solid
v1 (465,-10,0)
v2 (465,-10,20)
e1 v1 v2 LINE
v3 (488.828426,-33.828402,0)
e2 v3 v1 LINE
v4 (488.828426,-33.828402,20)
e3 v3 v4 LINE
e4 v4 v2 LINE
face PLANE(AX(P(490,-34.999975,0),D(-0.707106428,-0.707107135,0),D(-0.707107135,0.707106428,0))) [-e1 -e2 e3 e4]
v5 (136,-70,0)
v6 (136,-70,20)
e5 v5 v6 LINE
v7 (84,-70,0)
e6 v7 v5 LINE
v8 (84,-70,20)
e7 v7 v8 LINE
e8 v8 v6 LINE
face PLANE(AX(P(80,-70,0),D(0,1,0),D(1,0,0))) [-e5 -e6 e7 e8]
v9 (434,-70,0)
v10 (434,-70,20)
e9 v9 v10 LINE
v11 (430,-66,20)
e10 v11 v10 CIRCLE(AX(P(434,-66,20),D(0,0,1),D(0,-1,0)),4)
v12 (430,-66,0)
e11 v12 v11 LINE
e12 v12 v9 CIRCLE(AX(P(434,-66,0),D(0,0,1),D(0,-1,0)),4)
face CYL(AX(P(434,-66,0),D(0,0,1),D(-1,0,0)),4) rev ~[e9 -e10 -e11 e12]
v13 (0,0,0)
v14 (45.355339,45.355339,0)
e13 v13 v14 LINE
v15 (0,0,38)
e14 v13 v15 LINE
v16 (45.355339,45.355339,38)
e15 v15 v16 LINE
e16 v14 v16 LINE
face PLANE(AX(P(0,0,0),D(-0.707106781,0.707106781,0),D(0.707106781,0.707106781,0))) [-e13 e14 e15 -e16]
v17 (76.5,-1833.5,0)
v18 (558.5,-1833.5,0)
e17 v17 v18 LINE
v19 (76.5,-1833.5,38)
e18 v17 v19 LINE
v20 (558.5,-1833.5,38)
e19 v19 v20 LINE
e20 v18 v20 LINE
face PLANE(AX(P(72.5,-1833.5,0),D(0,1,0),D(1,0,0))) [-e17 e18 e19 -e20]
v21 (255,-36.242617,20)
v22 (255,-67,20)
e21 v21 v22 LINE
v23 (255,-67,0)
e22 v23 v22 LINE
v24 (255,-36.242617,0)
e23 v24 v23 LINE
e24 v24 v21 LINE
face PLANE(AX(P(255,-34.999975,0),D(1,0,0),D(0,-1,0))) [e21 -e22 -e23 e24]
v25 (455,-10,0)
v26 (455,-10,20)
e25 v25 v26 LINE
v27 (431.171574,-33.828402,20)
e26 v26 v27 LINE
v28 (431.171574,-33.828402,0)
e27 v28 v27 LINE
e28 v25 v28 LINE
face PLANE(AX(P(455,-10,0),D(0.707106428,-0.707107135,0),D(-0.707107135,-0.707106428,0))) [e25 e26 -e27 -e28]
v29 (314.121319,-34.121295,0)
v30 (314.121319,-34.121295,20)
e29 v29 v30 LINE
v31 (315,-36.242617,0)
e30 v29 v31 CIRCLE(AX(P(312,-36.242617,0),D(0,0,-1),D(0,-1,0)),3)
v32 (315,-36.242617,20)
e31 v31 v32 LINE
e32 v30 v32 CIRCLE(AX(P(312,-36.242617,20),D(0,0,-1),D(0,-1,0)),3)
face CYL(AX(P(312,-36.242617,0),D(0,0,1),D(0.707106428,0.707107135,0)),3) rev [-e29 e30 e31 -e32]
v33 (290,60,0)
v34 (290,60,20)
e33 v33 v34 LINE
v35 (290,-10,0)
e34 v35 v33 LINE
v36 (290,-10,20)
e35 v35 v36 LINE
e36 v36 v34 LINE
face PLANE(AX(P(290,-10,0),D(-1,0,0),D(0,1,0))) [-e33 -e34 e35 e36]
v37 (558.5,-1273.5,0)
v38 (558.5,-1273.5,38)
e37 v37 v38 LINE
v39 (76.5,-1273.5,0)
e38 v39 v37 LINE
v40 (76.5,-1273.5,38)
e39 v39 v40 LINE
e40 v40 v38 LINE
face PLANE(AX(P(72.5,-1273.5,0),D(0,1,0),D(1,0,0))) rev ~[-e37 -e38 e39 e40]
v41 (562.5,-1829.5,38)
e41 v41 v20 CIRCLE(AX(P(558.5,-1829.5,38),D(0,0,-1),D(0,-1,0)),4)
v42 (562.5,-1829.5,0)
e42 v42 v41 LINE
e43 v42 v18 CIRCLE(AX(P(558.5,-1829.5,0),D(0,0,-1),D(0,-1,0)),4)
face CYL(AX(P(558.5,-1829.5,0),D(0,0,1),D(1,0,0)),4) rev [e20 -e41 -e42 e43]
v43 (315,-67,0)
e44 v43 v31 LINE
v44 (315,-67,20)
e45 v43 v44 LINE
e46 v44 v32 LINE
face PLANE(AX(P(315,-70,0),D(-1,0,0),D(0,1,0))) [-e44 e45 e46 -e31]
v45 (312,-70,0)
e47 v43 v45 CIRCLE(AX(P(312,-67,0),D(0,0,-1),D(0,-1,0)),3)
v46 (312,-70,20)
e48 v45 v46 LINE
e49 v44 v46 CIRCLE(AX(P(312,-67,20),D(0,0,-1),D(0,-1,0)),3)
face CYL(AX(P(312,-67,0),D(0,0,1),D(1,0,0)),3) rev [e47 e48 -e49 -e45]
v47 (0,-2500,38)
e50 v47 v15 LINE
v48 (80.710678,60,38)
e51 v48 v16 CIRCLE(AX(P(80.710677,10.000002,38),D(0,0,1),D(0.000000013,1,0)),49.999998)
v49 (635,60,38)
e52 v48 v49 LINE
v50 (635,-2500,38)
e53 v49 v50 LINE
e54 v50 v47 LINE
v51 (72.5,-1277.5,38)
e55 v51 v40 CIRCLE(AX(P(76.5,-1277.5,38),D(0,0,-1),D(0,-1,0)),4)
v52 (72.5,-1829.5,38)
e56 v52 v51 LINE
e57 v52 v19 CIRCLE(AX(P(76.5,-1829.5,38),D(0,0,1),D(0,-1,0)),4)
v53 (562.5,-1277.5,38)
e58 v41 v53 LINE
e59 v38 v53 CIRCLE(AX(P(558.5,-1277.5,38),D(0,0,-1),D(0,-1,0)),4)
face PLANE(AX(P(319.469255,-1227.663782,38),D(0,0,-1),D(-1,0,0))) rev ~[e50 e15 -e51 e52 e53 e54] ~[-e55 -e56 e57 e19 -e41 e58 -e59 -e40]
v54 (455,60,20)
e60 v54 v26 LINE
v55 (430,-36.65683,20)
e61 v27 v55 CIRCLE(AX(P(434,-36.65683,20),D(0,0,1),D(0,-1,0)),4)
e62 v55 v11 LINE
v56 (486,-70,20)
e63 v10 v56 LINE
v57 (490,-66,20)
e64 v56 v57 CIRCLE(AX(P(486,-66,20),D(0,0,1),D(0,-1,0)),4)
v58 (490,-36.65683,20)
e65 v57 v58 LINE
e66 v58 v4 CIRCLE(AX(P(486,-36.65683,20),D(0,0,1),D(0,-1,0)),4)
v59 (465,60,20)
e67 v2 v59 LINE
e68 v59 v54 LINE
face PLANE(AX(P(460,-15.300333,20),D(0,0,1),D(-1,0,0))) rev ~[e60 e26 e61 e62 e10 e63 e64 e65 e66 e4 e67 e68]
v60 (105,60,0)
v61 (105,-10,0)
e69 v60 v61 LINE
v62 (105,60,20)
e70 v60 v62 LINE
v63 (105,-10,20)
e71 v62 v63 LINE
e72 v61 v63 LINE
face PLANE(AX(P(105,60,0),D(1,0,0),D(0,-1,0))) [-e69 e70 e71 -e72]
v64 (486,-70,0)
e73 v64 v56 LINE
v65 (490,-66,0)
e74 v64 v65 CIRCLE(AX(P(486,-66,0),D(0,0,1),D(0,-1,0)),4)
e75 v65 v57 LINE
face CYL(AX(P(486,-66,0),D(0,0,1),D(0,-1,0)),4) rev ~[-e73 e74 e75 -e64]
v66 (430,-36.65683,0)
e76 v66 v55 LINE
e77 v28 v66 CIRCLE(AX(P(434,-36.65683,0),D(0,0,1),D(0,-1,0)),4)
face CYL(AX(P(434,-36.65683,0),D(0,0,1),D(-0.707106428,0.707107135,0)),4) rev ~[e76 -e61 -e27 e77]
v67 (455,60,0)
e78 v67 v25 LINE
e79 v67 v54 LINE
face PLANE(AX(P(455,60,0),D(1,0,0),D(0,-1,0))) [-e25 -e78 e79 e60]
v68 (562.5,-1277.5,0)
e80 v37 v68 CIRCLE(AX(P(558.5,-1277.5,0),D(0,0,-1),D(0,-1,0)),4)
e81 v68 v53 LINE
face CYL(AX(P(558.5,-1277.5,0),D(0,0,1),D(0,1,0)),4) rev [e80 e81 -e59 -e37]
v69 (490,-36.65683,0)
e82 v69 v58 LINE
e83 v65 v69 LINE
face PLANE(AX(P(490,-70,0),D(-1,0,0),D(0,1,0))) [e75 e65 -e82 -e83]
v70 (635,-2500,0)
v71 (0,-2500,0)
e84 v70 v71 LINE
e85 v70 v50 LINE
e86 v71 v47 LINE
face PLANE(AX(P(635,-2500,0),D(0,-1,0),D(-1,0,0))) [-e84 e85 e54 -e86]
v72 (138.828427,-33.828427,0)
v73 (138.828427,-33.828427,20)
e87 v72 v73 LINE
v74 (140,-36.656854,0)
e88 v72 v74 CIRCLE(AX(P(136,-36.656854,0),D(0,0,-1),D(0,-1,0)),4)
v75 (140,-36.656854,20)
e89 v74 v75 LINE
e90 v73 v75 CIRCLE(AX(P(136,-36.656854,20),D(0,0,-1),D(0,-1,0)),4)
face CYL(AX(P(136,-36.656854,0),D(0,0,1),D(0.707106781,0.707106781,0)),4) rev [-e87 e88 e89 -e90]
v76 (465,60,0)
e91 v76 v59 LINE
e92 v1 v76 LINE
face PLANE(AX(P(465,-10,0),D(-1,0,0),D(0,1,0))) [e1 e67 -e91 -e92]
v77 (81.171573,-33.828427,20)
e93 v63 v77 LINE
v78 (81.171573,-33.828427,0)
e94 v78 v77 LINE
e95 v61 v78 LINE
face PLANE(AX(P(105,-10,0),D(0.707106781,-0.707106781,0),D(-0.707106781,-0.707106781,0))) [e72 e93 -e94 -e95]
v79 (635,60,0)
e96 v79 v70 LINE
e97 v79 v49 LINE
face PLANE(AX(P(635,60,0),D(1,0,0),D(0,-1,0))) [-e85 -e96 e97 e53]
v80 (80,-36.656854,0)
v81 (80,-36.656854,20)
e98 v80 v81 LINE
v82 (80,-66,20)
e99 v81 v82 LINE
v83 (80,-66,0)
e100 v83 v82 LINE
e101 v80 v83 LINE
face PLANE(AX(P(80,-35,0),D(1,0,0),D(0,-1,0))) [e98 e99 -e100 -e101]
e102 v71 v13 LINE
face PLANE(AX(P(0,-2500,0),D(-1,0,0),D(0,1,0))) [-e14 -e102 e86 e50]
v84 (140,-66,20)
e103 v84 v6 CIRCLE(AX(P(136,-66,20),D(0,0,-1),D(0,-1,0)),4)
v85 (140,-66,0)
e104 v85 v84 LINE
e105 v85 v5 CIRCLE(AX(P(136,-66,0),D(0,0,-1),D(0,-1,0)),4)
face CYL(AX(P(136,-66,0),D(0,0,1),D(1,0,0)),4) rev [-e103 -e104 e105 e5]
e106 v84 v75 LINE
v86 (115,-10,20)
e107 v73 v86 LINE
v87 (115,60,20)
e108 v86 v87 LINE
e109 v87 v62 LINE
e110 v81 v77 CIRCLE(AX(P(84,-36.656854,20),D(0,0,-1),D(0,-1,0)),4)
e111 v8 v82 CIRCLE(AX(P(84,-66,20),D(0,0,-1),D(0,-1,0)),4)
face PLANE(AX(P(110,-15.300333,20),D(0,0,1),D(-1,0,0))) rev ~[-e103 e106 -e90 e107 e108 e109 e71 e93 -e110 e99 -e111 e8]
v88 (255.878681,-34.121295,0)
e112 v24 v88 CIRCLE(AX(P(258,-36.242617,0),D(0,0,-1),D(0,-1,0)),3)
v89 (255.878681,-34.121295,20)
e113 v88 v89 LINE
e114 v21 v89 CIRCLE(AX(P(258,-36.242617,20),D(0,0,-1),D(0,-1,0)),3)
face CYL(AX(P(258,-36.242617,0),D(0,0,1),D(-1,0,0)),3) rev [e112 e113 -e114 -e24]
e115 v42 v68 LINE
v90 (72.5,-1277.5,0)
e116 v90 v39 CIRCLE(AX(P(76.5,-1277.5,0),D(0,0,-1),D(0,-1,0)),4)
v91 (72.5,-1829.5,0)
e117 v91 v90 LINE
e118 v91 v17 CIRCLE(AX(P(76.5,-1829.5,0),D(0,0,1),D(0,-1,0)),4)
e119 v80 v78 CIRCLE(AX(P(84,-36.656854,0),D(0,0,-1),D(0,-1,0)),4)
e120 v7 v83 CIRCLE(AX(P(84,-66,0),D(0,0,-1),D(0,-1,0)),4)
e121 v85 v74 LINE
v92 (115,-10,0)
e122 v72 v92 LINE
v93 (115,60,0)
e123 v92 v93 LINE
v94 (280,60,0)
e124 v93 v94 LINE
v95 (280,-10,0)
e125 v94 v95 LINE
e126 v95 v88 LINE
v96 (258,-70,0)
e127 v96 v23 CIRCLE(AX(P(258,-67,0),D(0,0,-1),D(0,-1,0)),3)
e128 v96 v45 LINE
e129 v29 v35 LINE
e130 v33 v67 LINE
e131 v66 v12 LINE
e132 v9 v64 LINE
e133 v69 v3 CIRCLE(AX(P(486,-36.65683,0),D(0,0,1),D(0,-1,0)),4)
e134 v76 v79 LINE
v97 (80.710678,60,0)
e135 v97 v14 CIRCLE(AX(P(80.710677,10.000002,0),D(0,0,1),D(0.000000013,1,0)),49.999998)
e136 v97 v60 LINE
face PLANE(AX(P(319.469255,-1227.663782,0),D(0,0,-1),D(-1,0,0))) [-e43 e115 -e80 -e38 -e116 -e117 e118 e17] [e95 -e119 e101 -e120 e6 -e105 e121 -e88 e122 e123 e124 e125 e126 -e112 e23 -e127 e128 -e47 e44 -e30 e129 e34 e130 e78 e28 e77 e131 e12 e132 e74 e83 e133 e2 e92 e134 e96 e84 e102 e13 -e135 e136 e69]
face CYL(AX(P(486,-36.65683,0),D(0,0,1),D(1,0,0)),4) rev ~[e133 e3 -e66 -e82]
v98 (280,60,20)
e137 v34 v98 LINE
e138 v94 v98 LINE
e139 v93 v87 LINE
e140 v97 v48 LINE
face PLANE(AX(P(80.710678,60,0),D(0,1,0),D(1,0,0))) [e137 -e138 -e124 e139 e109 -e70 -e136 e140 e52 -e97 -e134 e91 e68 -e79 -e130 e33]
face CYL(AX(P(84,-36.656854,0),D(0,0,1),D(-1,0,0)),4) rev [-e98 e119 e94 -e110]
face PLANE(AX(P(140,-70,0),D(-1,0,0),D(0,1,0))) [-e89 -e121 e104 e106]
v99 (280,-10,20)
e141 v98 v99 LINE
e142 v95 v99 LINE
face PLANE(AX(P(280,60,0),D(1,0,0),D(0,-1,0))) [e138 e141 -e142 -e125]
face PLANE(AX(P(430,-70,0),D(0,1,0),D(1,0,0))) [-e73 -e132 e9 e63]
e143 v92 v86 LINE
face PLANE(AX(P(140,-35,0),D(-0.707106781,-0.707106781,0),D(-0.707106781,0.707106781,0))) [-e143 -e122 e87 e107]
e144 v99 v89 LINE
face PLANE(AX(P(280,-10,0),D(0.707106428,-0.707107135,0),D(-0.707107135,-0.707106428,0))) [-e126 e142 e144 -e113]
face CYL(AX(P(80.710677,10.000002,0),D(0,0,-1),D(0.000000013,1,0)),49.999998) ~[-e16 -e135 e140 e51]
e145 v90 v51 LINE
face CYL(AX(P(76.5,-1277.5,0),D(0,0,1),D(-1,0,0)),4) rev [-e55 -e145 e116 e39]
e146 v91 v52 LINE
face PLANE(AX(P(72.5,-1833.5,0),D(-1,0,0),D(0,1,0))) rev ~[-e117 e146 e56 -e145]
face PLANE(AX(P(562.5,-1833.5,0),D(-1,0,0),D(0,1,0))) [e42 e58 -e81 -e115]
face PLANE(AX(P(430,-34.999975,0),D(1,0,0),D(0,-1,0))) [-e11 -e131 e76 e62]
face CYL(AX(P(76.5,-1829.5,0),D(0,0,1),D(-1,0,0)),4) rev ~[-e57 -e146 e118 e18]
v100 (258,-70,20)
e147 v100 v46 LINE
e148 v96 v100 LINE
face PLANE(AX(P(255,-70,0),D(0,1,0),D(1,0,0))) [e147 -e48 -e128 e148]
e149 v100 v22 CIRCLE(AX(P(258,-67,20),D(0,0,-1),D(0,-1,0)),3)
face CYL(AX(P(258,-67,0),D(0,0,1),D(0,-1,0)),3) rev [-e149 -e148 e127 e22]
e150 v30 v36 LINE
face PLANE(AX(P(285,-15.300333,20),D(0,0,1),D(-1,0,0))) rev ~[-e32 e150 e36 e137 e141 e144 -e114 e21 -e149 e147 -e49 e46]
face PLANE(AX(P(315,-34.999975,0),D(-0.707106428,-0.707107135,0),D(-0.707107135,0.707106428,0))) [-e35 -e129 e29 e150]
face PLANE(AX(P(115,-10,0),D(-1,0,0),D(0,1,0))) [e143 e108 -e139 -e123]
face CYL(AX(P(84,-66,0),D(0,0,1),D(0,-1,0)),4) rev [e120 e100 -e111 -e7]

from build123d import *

# Parameters (mm, degrees)
SKETCH_W     = 490
SKETCH_H     = 560
PAD_DEPTH    = 38
FILLET_R     = 4
POCKET_DEPTH = 20
FILLET001_R  = 4
FILLET002_R  = 4
FILLET003_R  = 3


with BuildPart() as part:
    # Sketch → Pad (new body)
    with BuildSketch(Plane.XY):
        with BuildLine():
            Line((0, 0), (45.355339, 45.355339))
            ThreePointArc((80.710678, 60), (61.576507, 56.193977), (45.355339, 45.355339))
            Line((80.710678, 60), (635, 60))
            Line((635, 60), (635, -2500))
            Line((635, -2500), (0, -2500))
            Line((0, -2500), (0, 0))
        make_face()
        with Locations((317.5, -1553.5)):
            Rectangle(SKETCH_W, SKETCH_H, mode=Mode.SUBTRACT)
    extrude(amount=PAD_DEPTH)

    # Fillet
    fillet_edges = [part.edges().sort_by_distance(p)[0] for p in [
        (562.5, -1833.5, 19),
        (562.5, -1273.5, 19),
        (72.5, -1273.5, 19),
        (72.5, -1833.5, 19),
    ]]
    fillet(fillet_edges, radius=FILLET_R)

    # Sketch001 (on Face2 of Fillet) → Pocket (cut)
    with BuildSketch(Plane(origin=(0, 0, 0), x_dir=(1, 0, 0), z_dir=(0, 0, -1))):
        Polygon((105, -60), (105, 10), (80, 35), (80, 70), (140, 70), (140, 35), (115, 10), (115, -60), align=None)
        Polygon((455, -60), (455, 10), (430, 34.999975), (430, 70), (490, 70), (490, 34.999975), (465, 10), (465, -60), align=None)
        Polygon((280, -60), (280, 10), (255, 34.999975), (255, 70), (315, 70), (315, 34.999975), (290, 10), (290, -60), align=None)
    extrude(amount=-POCKET_DEPTH, mode=Mode.SUBTRACT)

    # Fillet001
    fillet001_edges = [part.edges().sort_by_distance(p)[0] for p in [
        (140, -70, 10),
        (140, -35, 10),
        (80, -35, 10),
        (80, -70, 10),
    ]]
    fillet(fillet001_edges, radius=FILLET001_R)

    # Fillet002
    fillet002_edges = [part.edges().sort_by_distance(p)[0] for p in [
        (430, -70, 10),
        (490, -70, 10),
        (490, -34.999975, 10),
        (430, -34.999975, 10),
    ]]
    fillet(fillet002_edges, radius=FILLET002_R)

    # Fillet003
    fillet003_edges = [part.edges().sort_by_distance(p)[0] for p in [
        (315, -70, 10),
        (255, -70, 10),
        (255, -34.999975, 10),
        (315, -34.999975, 10),
    ]]
    fillet(fillet003_edges, radius=FILLET003_R)


solid = part.part
